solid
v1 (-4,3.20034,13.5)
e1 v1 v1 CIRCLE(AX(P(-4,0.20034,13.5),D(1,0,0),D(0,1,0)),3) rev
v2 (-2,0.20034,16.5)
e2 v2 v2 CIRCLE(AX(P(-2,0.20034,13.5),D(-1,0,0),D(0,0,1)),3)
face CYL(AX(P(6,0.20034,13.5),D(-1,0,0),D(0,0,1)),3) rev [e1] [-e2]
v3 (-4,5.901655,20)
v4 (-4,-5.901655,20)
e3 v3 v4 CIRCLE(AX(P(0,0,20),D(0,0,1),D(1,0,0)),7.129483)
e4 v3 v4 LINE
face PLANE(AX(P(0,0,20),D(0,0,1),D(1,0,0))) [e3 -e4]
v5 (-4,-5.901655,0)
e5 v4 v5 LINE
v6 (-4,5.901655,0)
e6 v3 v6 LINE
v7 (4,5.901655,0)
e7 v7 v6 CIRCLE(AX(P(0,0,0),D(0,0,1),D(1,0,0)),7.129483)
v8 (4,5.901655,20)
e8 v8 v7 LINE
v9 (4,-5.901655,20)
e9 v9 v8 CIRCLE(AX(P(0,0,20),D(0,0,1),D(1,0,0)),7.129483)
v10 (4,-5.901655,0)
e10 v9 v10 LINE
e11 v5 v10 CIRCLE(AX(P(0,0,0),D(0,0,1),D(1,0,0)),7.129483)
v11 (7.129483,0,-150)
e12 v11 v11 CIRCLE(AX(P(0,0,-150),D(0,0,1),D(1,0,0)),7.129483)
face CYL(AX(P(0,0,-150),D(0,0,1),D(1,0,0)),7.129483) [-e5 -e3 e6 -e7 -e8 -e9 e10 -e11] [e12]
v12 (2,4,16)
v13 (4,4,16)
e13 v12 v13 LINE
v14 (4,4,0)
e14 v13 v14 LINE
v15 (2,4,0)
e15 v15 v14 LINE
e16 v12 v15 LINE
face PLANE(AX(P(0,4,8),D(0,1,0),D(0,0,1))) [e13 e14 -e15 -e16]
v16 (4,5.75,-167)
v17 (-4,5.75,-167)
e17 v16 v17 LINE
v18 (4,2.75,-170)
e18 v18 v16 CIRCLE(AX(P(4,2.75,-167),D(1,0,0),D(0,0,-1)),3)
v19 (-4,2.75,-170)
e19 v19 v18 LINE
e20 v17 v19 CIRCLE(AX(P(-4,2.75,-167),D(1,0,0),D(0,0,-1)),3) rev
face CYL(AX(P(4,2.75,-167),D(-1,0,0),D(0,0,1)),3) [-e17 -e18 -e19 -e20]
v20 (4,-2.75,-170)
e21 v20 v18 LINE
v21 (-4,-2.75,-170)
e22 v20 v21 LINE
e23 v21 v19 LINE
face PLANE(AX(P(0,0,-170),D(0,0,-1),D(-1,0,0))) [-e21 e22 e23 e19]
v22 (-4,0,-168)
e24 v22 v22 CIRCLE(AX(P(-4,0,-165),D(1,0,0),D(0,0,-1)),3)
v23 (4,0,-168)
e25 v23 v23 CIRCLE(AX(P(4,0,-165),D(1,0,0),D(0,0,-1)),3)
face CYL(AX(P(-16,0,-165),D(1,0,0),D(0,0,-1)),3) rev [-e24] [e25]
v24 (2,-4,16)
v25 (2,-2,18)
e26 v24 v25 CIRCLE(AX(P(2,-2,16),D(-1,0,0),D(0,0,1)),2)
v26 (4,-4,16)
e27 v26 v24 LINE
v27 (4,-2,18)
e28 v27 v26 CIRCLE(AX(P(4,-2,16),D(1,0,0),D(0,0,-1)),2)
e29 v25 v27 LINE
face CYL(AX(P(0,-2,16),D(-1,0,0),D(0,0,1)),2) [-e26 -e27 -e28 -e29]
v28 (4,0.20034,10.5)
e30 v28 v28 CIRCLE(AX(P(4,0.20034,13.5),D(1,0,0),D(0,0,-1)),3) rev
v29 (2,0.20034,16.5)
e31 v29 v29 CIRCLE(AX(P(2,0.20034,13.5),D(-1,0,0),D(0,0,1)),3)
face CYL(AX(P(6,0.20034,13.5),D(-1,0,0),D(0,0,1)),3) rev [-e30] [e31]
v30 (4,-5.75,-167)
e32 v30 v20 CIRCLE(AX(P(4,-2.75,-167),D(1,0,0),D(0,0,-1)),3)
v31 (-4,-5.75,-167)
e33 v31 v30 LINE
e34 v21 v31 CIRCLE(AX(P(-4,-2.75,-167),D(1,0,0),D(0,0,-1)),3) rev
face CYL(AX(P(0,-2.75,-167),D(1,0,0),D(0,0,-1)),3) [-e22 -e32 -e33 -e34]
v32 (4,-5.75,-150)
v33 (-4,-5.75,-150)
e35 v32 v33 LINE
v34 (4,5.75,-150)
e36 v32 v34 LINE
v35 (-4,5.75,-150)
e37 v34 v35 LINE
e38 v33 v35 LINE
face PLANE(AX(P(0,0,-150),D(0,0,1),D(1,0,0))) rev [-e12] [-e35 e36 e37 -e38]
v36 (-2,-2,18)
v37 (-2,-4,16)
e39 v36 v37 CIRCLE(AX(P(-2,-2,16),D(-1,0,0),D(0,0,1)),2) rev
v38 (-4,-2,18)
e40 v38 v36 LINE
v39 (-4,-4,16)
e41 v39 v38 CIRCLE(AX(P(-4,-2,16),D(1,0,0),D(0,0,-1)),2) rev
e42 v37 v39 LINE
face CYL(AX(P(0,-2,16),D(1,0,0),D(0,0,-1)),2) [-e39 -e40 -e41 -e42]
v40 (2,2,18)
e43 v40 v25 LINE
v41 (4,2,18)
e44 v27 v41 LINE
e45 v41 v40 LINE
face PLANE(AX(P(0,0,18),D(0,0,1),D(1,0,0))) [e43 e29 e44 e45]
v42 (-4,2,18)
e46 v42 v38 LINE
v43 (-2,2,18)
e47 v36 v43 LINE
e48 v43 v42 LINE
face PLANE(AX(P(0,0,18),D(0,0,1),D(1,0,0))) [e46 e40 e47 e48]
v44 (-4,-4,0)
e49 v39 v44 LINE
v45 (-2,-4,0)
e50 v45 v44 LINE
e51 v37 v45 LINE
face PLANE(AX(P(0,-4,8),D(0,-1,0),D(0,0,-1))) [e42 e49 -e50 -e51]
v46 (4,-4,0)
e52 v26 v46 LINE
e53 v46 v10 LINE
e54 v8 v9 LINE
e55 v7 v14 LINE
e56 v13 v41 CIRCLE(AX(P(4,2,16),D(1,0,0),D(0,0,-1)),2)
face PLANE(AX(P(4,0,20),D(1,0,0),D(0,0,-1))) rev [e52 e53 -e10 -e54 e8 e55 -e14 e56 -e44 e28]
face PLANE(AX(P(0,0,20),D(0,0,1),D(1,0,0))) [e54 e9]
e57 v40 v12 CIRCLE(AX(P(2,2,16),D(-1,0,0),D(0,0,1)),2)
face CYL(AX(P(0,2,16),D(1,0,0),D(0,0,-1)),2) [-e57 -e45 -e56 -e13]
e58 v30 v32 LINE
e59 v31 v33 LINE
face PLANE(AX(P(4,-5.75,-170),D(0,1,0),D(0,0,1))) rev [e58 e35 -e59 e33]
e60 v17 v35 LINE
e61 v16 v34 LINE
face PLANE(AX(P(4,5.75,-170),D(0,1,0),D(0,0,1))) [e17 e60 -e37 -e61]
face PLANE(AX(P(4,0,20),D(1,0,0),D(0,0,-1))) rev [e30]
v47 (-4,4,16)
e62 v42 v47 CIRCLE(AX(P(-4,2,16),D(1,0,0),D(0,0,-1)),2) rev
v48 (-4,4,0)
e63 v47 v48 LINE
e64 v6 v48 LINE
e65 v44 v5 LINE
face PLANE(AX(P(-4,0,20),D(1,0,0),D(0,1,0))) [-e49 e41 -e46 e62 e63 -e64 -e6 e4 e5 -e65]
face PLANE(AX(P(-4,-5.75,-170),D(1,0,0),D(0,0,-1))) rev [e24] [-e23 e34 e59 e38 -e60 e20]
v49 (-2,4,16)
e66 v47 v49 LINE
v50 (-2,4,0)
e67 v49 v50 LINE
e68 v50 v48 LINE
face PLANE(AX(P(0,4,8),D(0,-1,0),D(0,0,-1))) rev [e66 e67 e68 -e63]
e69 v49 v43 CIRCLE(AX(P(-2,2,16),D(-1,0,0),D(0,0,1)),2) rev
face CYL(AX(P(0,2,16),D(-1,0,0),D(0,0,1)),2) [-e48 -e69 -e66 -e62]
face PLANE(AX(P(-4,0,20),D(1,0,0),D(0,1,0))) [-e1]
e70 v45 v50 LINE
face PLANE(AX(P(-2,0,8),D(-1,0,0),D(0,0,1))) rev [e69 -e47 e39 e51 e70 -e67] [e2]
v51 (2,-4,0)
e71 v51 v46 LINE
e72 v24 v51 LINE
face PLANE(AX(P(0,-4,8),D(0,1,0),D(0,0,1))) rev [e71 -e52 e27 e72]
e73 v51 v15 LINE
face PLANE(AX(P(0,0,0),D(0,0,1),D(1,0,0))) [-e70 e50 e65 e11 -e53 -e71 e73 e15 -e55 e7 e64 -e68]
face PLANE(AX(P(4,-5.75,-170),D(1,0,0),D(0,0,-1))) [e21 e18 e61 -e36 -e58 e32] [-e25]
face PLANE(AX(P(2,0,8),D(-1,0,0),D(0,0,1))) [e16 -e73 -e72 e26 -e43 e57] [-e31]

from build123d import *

# Parameters (mm, degrees)
SKETCH_1_W          = 2
SKETCH_1_H          = 8
EXTRUDE_2_DEPTH     = 8
EXTRUDE_2_2_DEPTH   = 8
SKETCH_1_3_R        = 7.129483457
EXTRUDE_3_DEPTH     = 150
SKETCH_2_W          = 2
SKETCH_2_H          = 8
EXTRUDE_4_DEPTH     = 10
FILLET_2_R          = 2
FILLET_3_R          = 2
FILLET_4_R          = 2
FILLET_5_R          = 2
SKETCH_3_R          = 3
CUT_EXTRUDE_1_DEPTH = 10
EXTRUDE_START       = 20
EXTRUDE_5_DEPTH     = 20
SKETCH_5_W          = 8
SKETCH_5_H          = 11.5
EXTRUDE_6_DEPTH     = 20
FILLET_6_R          = 3
FILLET_7_R          = 3
SKETCH_6_R          = 3
CUT_EXTRUDE_2_DEPTH = 20


with BuildPart() as part:
    # 草图1 → 凸台-拉伸2 (new body)
    with BuildSketch(Plane.XY):
        with Locations((-3, 0)):
            Rectangle(SKETCH_1_W, SKETCH_1_H)
    extrude(amount=EXTRUDE_2_DEPTH)



with BuildPart() as body_2:
    # 草图1 → Extrude 2 2 (new body)
    with BuildSketch(Plane.XY):
        with Locations((3, 0)):
            Rectangle(SKETCH_1_W, SKETCH_1_H)
    extrude(amount=EXTRUDE_2_2_DEPTH)


with BuildPart() as part_1:
    add(part.part)

    add(body_2.part)  # 凸台-拉伸3 merges body 2
    # 草图1<3> → 凸台-拉伸3 (add)
    with BuildSketch(Plane.XY):
        Circle(SKETCH_1_3_R)
    extrude(amount=-EXTRUDE_3_DEPTH)

    # 草图2 → 凸台-拉伸4 (add)
    with BuildSketch(Plane.XY.offset(8)):
        with Locations((3, 0)):
            Rectangle(SKETCH_2_W, SKETCH_2_H)
        with Locations((-3, 0)):
            Rectangle(SKETCH_2_W, SKETCH_2_H)
    extrude(amount=EXTRUDE_4_DEPTH)

    # 圆角2
    fillet_2_edges = [part_1.edges().sort_by_distance(p)[0] for p in [
        (-3, -4, 18),
    ]]
    fillet(fillet_2_edges, radius=FILLET_2_R)

    # 圆角3
    fillet_3_edges = [part_1.edges().sort_by_distance(p)[0] for p in [
        (3, -4, 18),
    ]]
    fillet(fillet_3_edges, radius=FILLET_3_R)

    # 圆角4
    fillet_4_edges = [part_1.edges().sort_by_distance(p)[0] for p in [
        (-3, 4, 18),
    ]]
    fillet(fillet_4_edges, radius=FILLET_4_R)

    # 圆角5
    fillet_5_edges = [part_1.edges().sort_by_distance(p)[0] for p in [
        (3, 4, 18),
    ]]
    fillet(fillet_5_edges, radius=FILLET_5_R)

    # 草图3 → 切除-拉伸1 (cut)
    with BuildSketch(Plane.ZY.offset(4)):
        with Locations((13.5, 0.200340445)):
            Circle(SKETCH_3_R)
    extrude(amount=-CUT_EXTRUDE_1_DEPTH, mode=Mode.SUBTRACT)

    # 草图4 → 凸台-拉伸5 (add)
    with BuildSketch(Plane.XY.offset(EXTRUDE_START)):
        with BuildLine():
            Line((-4, -5.901655223), (-4, 5.901655223))
            ThreePointArc((-4, 5.901655223), (-7.129483457, 0), (-4, -5.901655223))
        make_face()
        with BuildLine():
            ThreePointArc((4, -5.901655223), (7.129483457, 0), (4, 5.901655223))
            Line((4, 5.901655223), (4, -5.901655223))
        make_face()
    extrude(amount=-EXTRUDE_5_DEPTH)

    # 草图5 → 凸台-拉伸6 (add)
    with BuildSketch(Plane(origin=(0, 0, -150), x_dir=(-1, 0, 0), z_dir=(0, 0, -1))):
        Rectangle(SKETCH_5_W, SKETCH_5_H)
    extrude(amount=EXTRUDE_6_DEPTH)

    # 圆角6
    fillet_6_edges = [part_1.edges().sort_by_distance(p)[0] for p in [
        (0, -5.75, -170),
    ]]
    fillet(fillet_6_edges, radius=FILLET_6_R)

    # 圆角7
    fillet_7_edges = [part_1.edges().sort_by_distance(p)[0] for p in [
        (0, 5.75, -170),
    ]]
    fillet(fillet_7_edges, radius=FILLET_7_R)

    # 草图6 → 切除-拉伸2 (cut)
    with BuildSketch(Plane(origin=(4, 0, 0), x_dir=(0, 0, -1), z_dir=(1, 0, 0))):
        with Locations((165, 0)):
            Circle(SKETCH_6_R)
    extrude(amount=-CUT_EXTRUDE_2_DEPTH, mode=Mode.SUBTRACT)


solid = part_1.part
